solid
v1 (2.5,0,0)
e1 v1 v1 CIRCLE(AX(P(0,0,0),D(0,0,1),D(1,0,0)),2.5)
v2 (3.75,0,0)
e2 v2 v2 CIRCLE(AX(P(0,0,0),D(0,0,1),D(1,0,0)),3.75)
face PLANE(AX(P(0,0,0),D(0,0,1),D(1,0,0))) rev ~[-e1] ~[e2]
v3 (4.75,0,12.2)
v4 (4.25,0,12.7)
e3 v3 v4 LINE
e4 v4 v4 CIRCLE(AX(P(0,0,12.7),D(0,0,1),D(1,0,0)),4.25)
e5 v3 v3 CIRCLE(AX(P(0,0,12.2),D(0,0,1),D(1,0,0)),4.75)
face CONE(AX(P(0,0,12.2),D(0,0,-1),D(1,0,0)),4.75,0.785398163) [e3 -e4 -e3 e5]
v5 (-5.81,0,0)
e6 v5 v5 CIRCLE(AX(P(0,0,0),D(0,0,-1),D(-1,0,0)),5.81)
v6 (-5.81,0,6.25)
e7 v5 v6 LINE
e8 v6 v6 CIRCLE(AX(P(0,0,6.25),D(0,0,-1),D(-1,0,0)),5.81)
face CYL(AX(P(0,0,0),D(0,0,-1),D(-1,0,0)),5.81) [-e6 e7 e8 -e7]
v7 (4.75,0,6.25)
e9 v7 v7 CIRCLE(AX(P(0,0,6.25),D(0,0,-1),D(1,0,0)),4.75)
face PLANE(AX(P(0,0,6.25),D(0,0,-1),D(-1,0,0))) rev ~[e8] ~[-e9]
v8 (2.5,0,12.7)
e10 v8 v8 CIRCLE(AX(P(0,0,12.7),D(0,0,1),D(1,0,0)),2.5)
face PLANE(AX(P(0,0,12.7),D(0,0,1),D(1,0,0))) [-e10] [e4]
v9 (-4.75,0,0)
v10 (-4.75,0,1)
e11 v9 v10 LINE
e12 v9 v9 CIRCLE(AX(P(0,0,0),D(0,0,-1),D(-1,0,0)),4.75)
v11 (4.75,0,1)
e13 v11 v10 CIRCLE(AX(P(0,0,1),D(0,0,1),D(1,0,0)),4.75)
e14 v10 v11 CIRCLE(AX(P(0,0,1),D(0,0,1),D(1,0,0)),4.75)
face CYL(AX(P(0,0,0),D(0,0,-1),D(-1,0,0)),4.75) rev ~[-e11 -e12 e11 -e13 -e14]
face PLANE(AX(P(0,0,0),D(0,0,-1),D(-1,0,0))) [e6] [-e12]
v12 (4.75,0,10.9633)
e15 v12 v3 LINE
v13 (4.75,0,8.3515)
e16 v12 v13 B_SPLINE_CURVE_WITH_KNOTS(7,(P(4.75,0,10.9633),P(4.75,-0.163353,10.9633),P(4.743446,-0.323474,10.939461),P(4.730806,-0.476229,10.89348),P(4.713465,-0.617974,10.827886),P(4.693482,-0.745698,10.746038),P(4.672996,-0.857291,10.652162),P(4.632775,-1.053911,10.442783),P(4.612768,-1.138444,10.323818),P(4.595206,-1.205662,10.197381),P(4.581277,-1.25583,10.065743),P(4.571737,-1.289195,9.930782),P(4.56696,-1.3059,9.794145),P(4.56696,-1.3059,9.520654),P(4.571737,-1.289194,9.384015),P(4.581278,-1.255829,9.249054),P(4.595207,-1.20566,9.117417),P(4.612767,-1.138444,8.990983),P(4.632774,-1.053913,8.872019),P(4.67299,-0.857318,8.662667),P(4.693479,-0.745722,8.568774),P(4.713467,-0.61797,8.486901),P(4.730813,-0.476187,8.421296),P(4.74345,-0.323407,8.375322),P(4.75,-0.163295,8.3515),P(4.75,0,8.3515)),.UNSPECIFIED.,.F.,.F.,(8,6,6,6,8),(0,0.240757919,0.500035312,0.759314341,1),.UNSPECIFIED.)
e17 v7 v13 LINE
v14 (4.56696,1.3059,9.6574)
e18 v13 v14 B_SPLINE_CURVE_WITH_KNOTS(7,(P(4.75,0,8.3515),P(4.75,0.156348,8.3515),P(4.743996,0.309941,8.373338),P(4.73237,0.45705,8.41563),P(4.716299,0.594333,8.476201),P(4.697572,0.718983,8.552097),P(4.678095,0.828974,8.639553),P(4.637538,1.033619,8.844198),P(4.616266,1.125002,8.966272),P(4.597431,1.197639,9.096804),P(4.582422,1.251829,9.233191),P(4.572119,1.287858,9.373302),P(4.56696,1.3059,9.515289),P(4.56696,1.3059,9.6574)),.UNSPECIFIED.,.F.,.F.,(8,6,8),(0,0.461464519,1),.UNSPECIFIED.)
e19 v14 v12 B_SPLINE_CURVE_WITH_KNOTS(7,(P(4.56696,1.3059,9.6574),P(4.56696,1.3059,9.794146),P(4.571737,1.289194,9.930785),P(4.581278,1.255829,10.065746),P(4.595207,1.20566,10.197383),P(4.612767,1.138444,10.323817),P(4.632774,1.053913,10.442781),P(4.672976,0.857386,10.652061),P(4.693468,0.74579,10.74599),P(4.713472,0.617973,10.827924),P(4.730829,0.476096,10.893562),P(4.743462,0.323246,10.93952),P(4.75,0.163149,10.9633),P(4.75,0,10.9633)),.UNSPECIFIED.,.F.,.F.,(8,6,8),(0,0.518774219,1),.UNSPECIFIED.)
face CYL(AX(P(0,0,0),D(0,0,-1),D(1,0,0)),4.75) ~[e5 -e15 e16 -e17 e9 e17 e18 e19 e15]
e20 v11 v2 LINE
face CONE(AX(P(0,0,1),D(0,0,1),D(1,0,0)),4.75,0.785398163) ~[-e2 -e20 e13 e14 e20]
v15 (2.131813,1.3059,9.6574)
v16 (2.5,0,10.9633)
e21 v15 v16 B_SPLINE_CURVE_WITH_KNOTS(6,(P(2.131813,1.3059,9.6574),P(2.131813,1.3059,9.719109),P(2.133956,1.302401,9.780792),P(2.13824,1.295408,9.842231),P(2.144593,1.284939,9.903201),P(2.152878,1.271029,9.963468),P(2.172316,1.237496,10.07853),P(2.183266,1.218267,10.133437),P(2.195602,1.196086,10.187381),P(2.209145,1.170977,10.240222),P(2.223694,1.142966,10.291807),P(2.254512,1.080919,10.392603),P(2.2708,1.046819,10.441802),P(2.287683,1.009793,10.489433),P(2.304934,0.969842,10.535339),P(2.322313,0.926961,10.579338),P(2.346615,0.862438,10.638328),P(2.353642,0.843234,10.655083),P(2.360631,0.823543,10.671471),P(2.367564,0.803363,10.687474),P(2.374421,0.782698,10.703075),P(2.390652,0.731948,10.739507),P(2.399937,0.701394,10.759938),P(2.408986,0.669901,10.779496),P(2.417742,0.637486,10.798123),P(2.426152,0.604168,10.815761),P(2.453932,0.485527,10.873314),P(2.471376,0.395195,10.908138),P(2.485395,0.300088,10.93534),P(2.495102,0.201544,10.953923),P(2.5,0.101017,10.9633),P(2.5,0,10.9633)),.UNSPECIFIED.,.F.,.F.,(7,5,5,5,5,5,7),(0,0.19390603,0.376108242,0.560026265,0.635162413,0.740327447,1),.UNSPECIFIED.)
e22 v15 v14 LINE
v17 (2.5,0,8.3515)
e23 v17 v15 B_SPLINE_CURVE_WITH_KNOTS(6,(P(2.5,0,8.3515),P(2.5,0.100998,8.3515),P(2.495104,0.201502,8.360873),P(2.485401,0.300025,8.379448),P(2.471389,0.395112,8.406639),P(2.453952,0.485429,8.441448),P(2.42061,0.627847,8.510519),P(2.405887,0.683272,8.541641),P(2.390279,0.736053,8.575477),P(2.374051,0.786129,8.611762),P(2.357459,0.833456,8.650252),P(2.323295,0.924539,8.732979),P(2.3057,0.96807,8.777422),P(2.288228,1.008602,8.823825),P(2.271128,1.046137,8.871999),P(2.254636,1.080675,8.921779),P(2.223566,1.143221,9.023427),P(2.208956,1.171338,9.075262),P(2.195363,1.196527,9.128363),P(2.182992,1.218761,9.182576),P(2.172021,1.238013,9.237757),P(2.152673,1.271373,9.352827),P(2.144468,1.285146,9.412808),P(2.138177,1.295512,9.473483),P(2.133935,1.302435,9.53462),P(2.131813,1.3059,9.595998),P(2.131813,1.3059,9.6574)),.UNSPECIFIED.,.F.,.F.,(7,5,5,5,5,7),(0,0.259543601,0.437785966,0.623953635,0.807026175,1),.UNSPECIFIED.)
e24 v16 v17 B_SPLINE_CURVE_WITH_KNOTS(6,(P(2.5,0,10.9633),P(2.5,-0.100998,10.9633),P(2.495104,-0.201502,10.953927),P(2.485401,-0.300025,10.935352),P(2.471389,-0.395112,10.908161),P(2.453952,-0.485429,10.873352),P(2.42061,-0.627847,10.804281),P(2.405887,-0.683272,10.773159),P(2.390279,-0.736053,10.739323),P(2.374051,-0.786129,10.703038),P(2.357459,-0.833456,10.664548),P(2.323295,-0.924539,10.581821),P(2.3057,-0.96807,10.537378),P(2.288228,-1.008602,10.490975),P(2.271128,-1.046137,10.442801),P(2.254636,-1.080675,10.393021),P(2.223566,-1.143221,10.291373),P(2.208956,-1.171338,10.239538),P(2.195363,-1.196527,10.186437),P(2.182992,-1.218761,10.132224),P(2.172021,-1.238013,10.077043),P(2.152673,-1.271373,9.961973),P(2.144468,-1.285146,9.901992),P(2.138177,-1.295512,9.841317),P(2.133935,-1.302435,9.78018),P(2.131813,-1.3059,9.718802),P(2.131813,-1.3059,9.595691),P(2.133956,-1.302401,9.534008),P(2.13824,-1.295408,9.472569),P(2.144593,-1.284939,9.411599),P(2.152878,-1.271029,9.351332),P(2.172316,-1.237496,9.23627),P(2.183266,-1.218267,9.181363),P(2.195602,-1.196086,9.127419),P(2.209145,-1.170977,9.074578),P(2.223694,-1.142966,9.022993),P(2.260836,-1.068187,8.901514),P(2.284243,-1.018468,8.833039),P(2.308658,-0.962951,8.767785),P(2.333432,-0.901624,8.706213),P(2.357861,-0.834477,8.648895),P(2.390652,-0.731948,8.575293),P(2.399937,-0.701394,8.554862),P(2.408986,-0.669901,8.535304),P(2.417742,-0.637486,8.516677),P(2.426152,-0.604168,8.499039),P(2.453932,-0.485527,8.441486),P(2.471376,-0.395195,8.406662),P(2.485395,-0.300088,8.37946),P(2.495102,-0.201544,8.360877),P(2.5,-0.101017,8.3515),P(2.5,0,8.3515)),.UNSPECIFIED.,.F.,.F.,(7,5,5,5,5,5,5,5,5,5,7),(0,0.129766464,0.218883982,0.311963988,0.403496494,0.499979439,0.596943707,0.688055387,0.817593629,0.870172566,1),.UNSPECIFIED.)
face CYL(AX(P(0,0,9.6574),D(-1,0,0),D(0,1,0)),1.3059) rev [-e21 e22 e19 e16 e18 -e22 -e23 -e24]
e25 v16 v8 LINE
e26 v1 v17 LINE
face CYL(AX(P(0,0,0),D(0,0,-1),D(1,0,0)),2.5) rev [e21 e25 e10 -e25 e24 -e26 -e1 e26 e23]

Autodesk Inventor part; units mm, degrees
ref_plane "YZ Plane" through (0, 0, 0) normal (1, 0, 0) x (0, 1, 0)
ref_plane "XZ Plane" through (0, 0, 0) normal (0, 1, 0) x (-1, 0, 0)
ref_plane "XY Plane" through (0, 0, 0) normal (0, 0, 1) x (1, 0, 0)
sketch "Boceto1" plane through (0, 0, 0) normal (0, 0, 1) x (1, 0, 0)
  circle A0 centre (0, 0) radius 4.75
  circle A1 centre (0, 0) radius 2.5
  dimension "d0" = 9.5
  dimension "d1" = 5
extrude "Extrusión1" add sketch "Boceto1" along normal blind 12.7
chamfer "Chaflán1" distance 1 angle 45 1 edges at (-4.75, 0, 0)
chamfer "Chaflán2" distance 0.5 angle 45 1 edges at (-4.75, 0, 12.7)
sketch "Boceto2" plane through (0, 0, 0) normal (0, 0, -1) x (-1, 0, 0)
  circle A0 centre (0, 0) radius 4.75
  arc A1 (-0.1187, -6.799) -> (0.1187, -6.799) centre (0, 0) ccw
  circle A2 centre (0, 0) radius 5.81
  line L0 (0, 0) -> (6, 0) construction
  line L1 (0, 0) -> (6, 0) construction
  line L2 (0, 0) -> (6.8, 0) construction
  line L3 (-0.1187, -6.799) -> (-0.314, -5.9918)
  line L4 (0.314, -5.9918) -> (0.1187, -6.799)
  circle A3 centre (0, 0) radius 4.75 projected
  line L5 (0, 0) -> (6, 0) construction
  circle A4 centre (0, 0) radius 4.25 projected
  line L6 (0, 0) -> (6, 0) construction
  arc A5 (0.314, -5.9918) -> (0.4185, -5.9854) centre (0, 0) ccw
  arc A6 (-0.4185, -5.9854) -> (-0.314, -5.9918) centre (0, 0) ccw
  line L7 (0, 0) -> (6, 0) construction
  arc A7 (0.4185, -5.9854) -> (0.5229, -5.9772) centre (0, 0) ccw
  arc A8 (1.1449, -5.8898) -> (1.2475, -5.8689) centre (0, 0) ccw
  line L8 (1.1449, -5.8898) -> (1.0638, -6.7163)
  arc A9 (0.8287, -6.7493) -> (1.0638, -6.7163) centre (0, 0) ccw
  line L9 (0.8287, -6.7493) -> (0.5229, -5.9772)
  arc A10 (1.2475, -5.8689) -> (1.3497, -5.8462) centre (0, 0) ccw
  arc A11 (1.9534, -5.6731) -> (2.0521, -5.6382) centre (0, 0) ccw
  line L10 (1.9534, -5.6731) -> (1.9881, -6.5029)
  arc A12 (1.76, -6.5683) -> (1.9881, -6.5029) centre (0, 0) ccw
  line L11 (1.76, -6.5683) -> (1.3497, -5.8462)
  arc A13 (2.0521, -5.6382) -> (2.1502, -5.6015) centre (0, 0) ccw
  arc A14 (2.7239, -5.346) -> (2.8168, -5.2977) centre (0, 0) ccw
  line L12 (2.7239, -5.346) -> (2.8738, -6.1629)
  arc A15 (2.657, -6.2594) -> (2.8738, -6.1629) centre (0, 0) ccw
  line L13 (2.657, -6.2594) -> (2.1502, -5.6015)
  arc A16 (2.8168, -5.2977) -> (2.9089, -5.2477) centre (0, 0) ccw
  arc A17 (3.4415, -4.9149) -> (3.5267, -4.8541) centre (0, 0) ccw
  line L14 (3.4415, -4.9149) -> (3.7035, -5.703)
  arc A18 (3.5023, -5.8287) -> (3.7035, -5.703) centre (0, 0) ccw
  line L15 (3.5023, -5.8287) -> (2.9089, -5.2477)
  arc A19 (3.5267, -4.8541) -> (3.6109, -4.7918) centre (0, 0) ccw
  arc A20 (4.092, -4.3881) -> (4.168, -4.316) centre (0, 0) ccw
  line L16 (4.092, -4.3881) -> (4.4612, -5.132)
  arc A21 (4.2794, -5.2846) -> (4.4612, -5.132) centre (0, 0) ccw
  line L17 (4.2794, -5.2846) -> (3.6109, -4.7918)
  arc A22 (4.168, -4.316) -> (4.2426, -4.2426) centre (0, 0) ccw
  arc A23 (4.6629, -3.7759) -> (4.7281, -3.694) centre (0, 0) ccw
  line L18 (4.6629, -3.7759) -> (5.132, -4.4612)
  arc A24 (4.9732, -4.6376) -> (5.132, -4.4612) centre (0, 0) ccw
  line L19 (4.9732, -4.6376) -> (4.2426, -4.2426)
  arc A25 (4.7281, -3.694) -> (4.7918, -3.6109) centre (0, 0) ccw
  arc A26 (5.143, -3.0902) -> (5.1962, -3) centre (0, 0) ccw
  line L20 (5.143, -3.0902) -> (5.703, -3.7035)
  arc A27 (5.5702, -3.9003) -> (5.703, -3.7035) centre (0, 0) ccw
  line L21 (5.5702, -3.9003) -> (4.7918, -3.6109)
  arc A28 (5.1962, -3) -> (5.2477, -2.9089) centre (0, 0) ccw
  arc A29 (5.523, -2.3444) -> (5.5631, -2.2476) centre (0, 0) ccw
  line L22 (5.523, -2.3444) -> (6.1629, -2.8738)
  arc A30 (6.0588, -3.0871) -> (6.1629, -2.8738) centre (0, 0) ccw
  line L23 (6.0588, -3.0871) -> (5.2477, -2.9089)
  arc A31 (5.5631, -2.2476) -> (5.6015, -2.1502) centre (0, 0) ccw
  arc A32 (5.7956, -1.5529) -> (5.8218, -1.4515) centre (0, 0) ccw
  line L24 (5.7956, -1.5529) -> (6.5029, -1.9881)
  arc A33 (6.4295, -2.2139) -> (6.5029, -1.9881) centre (0, 0) ccw
  line L25 (6.4295, -2.2139) -> (5.6015, -2.1502)
  arc A34 (5.8218, -1.4515) -> (5.8462, -1.3497) centre (0, 0) ccw
  arc A35 (5.9553, -0.7312) -> (5.9671, -0.6272) centre (0, 0) ccw
  line L26 (5.9553, -0.7312) -> (6.7163, -1.0638)
  arc A36 (6.6751, -1.2975) -> (6.7163, -1.0638) centre (0, 0) ccw
  line L27 (6.6751, -1.2975) -> (5.8462, -1.3497)
  arc A37 (5.9671, -0.6272) -> (5.9772, -0.5229) centre (0, 0) ccw
  arc A38 (5.9991, 0.1047) -> (5.9963, 0.2094) centre (0, 0) ccw
  line L28 (5.9991, 0.1047) -> (6.799, -0.1187)
  arc A39 (6.7907, -0.3559) -> (6.799, -0.1187) centre (0, 0) ccw
  line L29 (6.7907, -0.3559) -> (5.9772, -0.5229)
  arc A40 (5.9963, 0.2094) -> (5.9918, 0.314) centre (0, 0) ccw
  arc A41 (5.9261, 0.9386) -> (5.9088, 1.0419) centre (0, 0) ccw
  line L30 (5.9261, 0.9386) -> (6.7493, 0.8287)
  arc A42 (6.7741, 0.5927) -> (6.7493, 0.8287) centre (0, 0) ccw
  line L31 (6.7741, 0.5927) -> (5.9918, 0.314)
  arc A43 (5.9088, 1.0419) -> (5.8898, 1.1449) centre (0, 0) ccw
  arc A44 (5.7378, 1.7542) -> (5.7063, 1.8541) centre (0, 0) ccw
  line L32 (5.7378, 1.7542) -> (6.5683, 1.76)
  arc A45 (6.6257, 1.5297) -> (6.5683, 1.76) centre (0, 0) ccw
  line L33 (6.6257, 1.5297) -> (5.8898, 1.1449)
  arc A46 (5.7063, 1.8541) -> (5.6731, 1.9534) centre (0, 0) ccw
  arc A47 (5.4378, 2.5357) -> (5.3928, 2.6302) centre (0, 0) ccw
  line L34 (5.4378, 2.5357) -> (6.2594, 2.657)
  arc A48 (6.3483, 2.4369) -> (6.2594, 2.657) centre (0, 0) ccw
  line L35 (6.3483, 2.4369) -> (5.6731, 1.9534)
  arc A49 (5.3928, 2.6302) -> (5.346, 2.7239) centre (0, 0) ccw
  arc A50 (5.032, 3.2678) -> (4.9742, 3.3552) centre (0, 0) ccw
  line L36 (5.032, 3.2678) -> (5.8287, 3.5023)
  arc A51 (5.9474, 3.2967) -> (5.8287, 3.5023) centre (0, 0) ccw
  line L37 (5.9474, 3.2967) -> (5.346, 2.7239)
  arc A52 (4.9742, 3.3552) -> (4.9149, 3.4415) centre (0, 0) ccw
  arc A53 (4.5283, 3.9364) -> (4.4589, 4.0148) centre (0, 0) ccw
  line L38 (4.5283, 3.9364) -> (5.2846, 4.2794)
  arc A54 (5.4307, 4.0923) -> (5.2846, 4.2794) centre (0, 0) ccw
  line L39 (5.4307, 4.0923) -> (4.9149, 3.4415)
  arc A55 (4.4589, 4.0148) -> (4.3881, 4.092) centre (0, 0) ccw
  arc A56 (3.9364, 4.5283) -> (3.8567, 4.5963) centre (0, 0) ccw
  line L40 (3.9364, 4.5283) -> (4.6376, 4.9732)
  arc A57 (4.8083, 4.8083) -> (4.6376, 4.9732) centre (0, 0) ccw
  line L41 (4.8083, 4.8083) -> (4.3881, 4.092)
  arc A58 (3.8567, 4.5963) -> (3.7759, 4.6629) centre (0, 0) ccw
  arc A59 (3.2678, 5.032) -> (3.1795, 5.0883) centre (0, 0) ccw
  line L42 (3.2678, 5.032) -> (3.9003, 5.5702)
  arc A60 (4.0923, 5.4307) -> (3.9003, 5.5702) centre (0, 0) ccw
  line L43 (4.0923, 5.4307) -> (3.7759, 4.6629)
  arc A61 (3.1795, 5.0883) -> (3.0902, 5.143) centre (0, 0) ccw
  arc A62 (2.5357, 5.4378) -> (2.4404, 5.4813) centre (0, 0) ccw
  line L44 (2.5357, 5.4378) -> (3.0871, 6.0588)
  arc A63 (3.2967, 5.9474) -> (3.0871, 6.0588) centre (0, 0) ccw
  line L45 (3.2967, 5.9474) -> (3.0902, 5.143)
  arc A64 (2.4404, 5.4813) -> (2.3444, 5.523) centre (0, 0) ccw
  arc A65 (1.7542, 5.7378) -> (1.6538, 5.7676) centre (0, 0) ccw
  line L46 (1.7542, 5.7378) -> (2.2139, 6.4295)
  arc A66 (2.4369, 6.3483) -> (2.2139, 6.4295) centre (0, 0) ccw
  line L47 (2.4369, 6.3483) -> (2.3444, 5.523)
  arc A67 (1.6538, 5.7676) -> (1.5529, 5.7956) centre (0, 0) ccw
  arc A68 (0.9386, 5.9261) -> (0.835, 5.9416) centre (0, 0) ccw
  line L48 (0.9386, 5.9261) -> (1.2975, 6.6751)
  arc A69 (1.5297, 6.6257) -> (1.2975, 6.6751) centre (0, 0) ccw
  line L49 (1.5297, 6.6257) -> (1.5529, 5.7956)
  arc A70 (0.835, 5.9416) -> (0.7312, 5.9553) centre (0, 0) ccw
  arc A71 (0.1047, 5.9991) -> (0, 6) centre (0, 0) ccw
  line L50 (0.1047, 5.9991) -> (0.3559, 6.7907)
  arc A72 (0.5927, 6.7741) -> (0.3559, 6.7907) centre (0, 0) ccw
  line L51 (0.5927, 6.7741) -> (0.7312, 5.9553)
  arc A73 (0, 6) -> (-0.1047, 5.9991) centre (0, 0) ccw
  arc A74 (-0.7312, 5.9553) -> (-0.835, 5.9416) centre (0, 0) ccw
  line L52 (-0.7312, 5.9553) -> (-0.5927, 6.7741)
  arc A75 (-0.3559, 6.7907) -> (-0.5927, 6.7741) centre (0, 0) ccw
  line L53 (-0.3559, 6.7907) -> (-0.1047, 5.9991)
  arc A76 (-0.835, 5.9416) -> (-0.9386, 5.9261) centre (0, 0) ccw
  arc A77 (-1.5529, 5.7956) -> (-1.6538, 5.7676) centre (0, 0) ccw
  line L54 (-1.5529, 5.7956) -> (-1.5297, 6.6257)
  arc A78 (-1.2975, 6.6751) -> (-1.5297, 6.6257) centre (0, 0) ccw
  line L55 (-1.2975, 6.6751) -> (-0.9386, 5.9261)
  arc A79 (-1.6538, 5.7676) -> (-1.7542, 5.7378) centre (0, 0) ccw
  arc A80 (-2.3444, 5.523) -> (-2.4404, 5.4813) centre (0, 0) ccw
  line L56 (-2.3444, 5.523) -> (-2.4369, 6.3483)
  arc A81 (-2.2139, 6.4295) -> (-2.4369, 6.3483) centre (0, 0) ccw
  line L57 (-2.2139, 6.4295) -> (-1.7542, 5.7378)
  arc A82 (-2.4404, 5.4813) -> (-2.5357, 5.4378) centre (0, 0) ccw
  arc A83 (-3.0902, 5.143) -> (-3.1795, 5.0883) centre (0, 0) ccw
  line L58 (-3.0902, 5.143) -> (-3.2967, 5.9474)
  arc A84 (-3.0871, 6.0588) -> (-3.2967, 5.9474) centre (0, 0) ccw
  line L59 (-3.0871, 6.0588) -> (-2.5357, 5.4378)
  arc A85 (-3.1795, 5.0883) -> (-3.2678, 5.032) centre (0, 0) ccw
  arc A86 (-3.7759, 4.6629) -> (-3.8567, 4.5963) centre (0, 0) ccw
  line L60 (-3.7759, 4.6629) -> (-4.0923, 5.4307)
  arc A87 (-3.9003, 5.5702) -> (-4.0923, 5.4307) centre (0, 0) ccw
  line L61 (-3.9003, 5.5702) -> (-3.2678, 5.032)
  arc A88 (-3.8567, 4.5963) -> (-3.9364, 4.5283) centre (0, 0) ccw
  arc A89 (-4.3881, 4.092) -> (-4.4589, 4.0148) centre (0, 0) ccw
  line L62 (-4.3881, 4.092) -> (-4.8083, 4.8083)
  arc A90 (-4.6376, 4.9732) -> (-4.8083, 4.8083) centre (0, 0) ccw
  line L63 (-4.6376, 4.9732) -> (-3.9364, 4.5283)
  arc A91 (-4.4589, 4.0148) -> (-4.5283, 3.9364) centre (0, 0) ccw
  arc A92 (-4.9149, 3.4415) -> (-4.9742, 3.3552) centre (0, 0) ccw
  line L64 (-4.9149, 3.4415) -> (-5.4307, 4.0923)
  arc A93 (-5.2846, 4.2794) -> (-5.4307, 4.0923) centre (0, 0) ccw
  line L65 (-5.2846, 4.2794) -> (-4.5283, 3.9364)
  arc A94 (-4.9742, 3.3552) -> (-5.032, 3.2678) centre (0, 0) ccw
  arc A95 (-5.346, 2.7239) -> (-5.3928, 2.6302) centre (0, 0) ccw
  line L66 (-5.346, 2.7239) -> (-5.9474, 3.2967)
  arc A96 (-5.8287, 3.5023) -> (-5.9474, 3.2967) centre (0, 0) ccw
  line L67 (-5.8287, 3.5023) -> (-5.032, 3.2678)
  arc A97 (-5.3928, 2.6302) -> (-5.4378, 2.5357) centre (0, 0) ccw
  arc A98 (-5.6731, 1.9534) -> (-5.7063, 1.8541) centre (0, 0) ccw
  line L68 (-5.6731, 1.9534) -> (-6.3483, 2.4369)
  arc A99 (-6.2594, 2.657) -> (-6.3483, 2.4369) centre (0, 0) ccw
  line L69 (-6.2594, 2.657) -> (-5.4378, 2.5357)
  arc A100 (-5.7063, 1.8541) -> (-5.7378, 1.7542) centre (0, 0) ccw
  arc A101 (-5.8898, 1.1449) -> (-5.9088, 1.0419) centre (0, 0) ccw
  line L70 (-5.8898, 1.1449) -> (-6.6257, 1.5297)
  arc A102 (-6.5683, 1.76) -> (-6.6257, 1.5297) centre (0, 0) ccw
  line L71 (-6.5683, 1.76) -> (-5.7378, 1.7542)
  arc A103 (-5.9088, 1.0419) -> (-5.9261, 0.9386) centre (0, 0) ccw
  arc A104 (-5.9918, 0.314) -> (-5.9963, 0.2094) centre (0, 0) ccw
  line L72 (-5.9918, 0.314) -> (-6.7741, 0.5927)
  arc A105 (-6.7493, 0.8287) -> (-6.7741, 0.5927) centre (0, 0) ccw
  line L73 (-6.7493, 0.8287) -> (-5.9261, 0.9386)
  arc A106 (-5.9963, 0.2094) -> (-5.9991, 0.1047) centre (0, 0) ccw
  arc A107 (-5.9772, -0.5229) -> (-5.9671, -0.6272) centre (0, 0) ccw
  line L74 (-5.9772, -0.5229) -> (-6.7907, -0.3559)
  arc A108 (-6.799, -0.1187) -> (-6.7907, -0.3559) centre (0, 0) ccw
  line L75 (-6.799, -0.1187) -> (-5.9991, 0.1047)
  arc A109 (-5.9671, -0.6272) -> (-5.9553, -0.7312) centre (0, 0) ccw
  arc A110 (-5.8462, -1.3497) -> (-5.8218, -1.4515) centre (0, 0) ccw
  line L76 (-5.8462, -1.3497) -> (-6.6751, -1.2975)
  arc A111 (-6.7163, -1.0638) -> (-6.6751, -1.2975) centre (0, 0) ccw
  line L77 (-6.7163, -1.0638) -> (-5.9553, -0.7312)
  arc A112 (-5.8218, -1.4515) -> (-5.7956, -1.5529) centre (0, 0) ccw
  arc A113 (-5.6015, -2.1502) -> (-5.5631, -2.2476) centre (0, 0) ccw
  line L78 (-5.6015, -2.1502) -> (-6.4295, -2.2139)
  arc A114 (-6.5029, -1.9881) -> (-6.4295, -2.2139) centre (0, 0) ccw
  line L79 (-6.5029, -1.9881) -> (-5.7956, -1.5529)
  arc A115 (-5.5631, -2.2476) -> (-5.523, -2.3444) centre (0, 0) ccw
  arc A116 (-5.2477, -2.9089) -> (-5.1962, -3) centre (0, 0) ccw
  line L80 (-5.2477, -2.9089) -> (-6.0588, -3.0871)
  arc A117 (-6.1629, -2.8738) -> (-6.0588, -3.0871) centre (0, 0) ccw
  line L81 (-6.1629, -2.8738) -> (-5.523, -2.3444)
  arc A118 (-5.1962, -3) -> (-5.143, -3.0902) centre (0, 0) ccw
  arc A119 (-4.7918, -3.6109) -> (-4.7281, -3.694) centre (0, 0) ccw
  line L82 (-4.7918, -3.6109) -> (-5.5702, -3.9003)
  arc A120 (-5.703, -3.7035) -> (-5.5702, -3.9003) centre (0, 0) ccw
  line L83 (-5.703, -3.7035) -> (-5.143, -3.0902)
  arc A121 (-4.7281, -3.694) -> (-4.6629, -3.7759) centre (0, 0) ccw
  arc A122 (-4.2426, -4.2426) -> (-4.168, -4.316) centre (0, 0) ccw
  line L84 (-4.2426, -4.2426) -> (-4.9732, -4.6376)
  arc A123 (-5.132, -4.4612) -> (-4.9732, -4.6376) centre (0, 0) ccw
  line L85 (-5.132, -4.4612) -> (-4.6629, -3.7759)
  arc A124 (-4.168, -4.316) -> (-4.092, -4.3881) centre (0, 0) ccw
  arc A125 (-3.6109, -4.7918) -> (-3.5267, -4.8541) centre (0, 0) ccw
  line L86 (-3.6109, -4.7918) -> (-4.2794, -5.2846)
  arc A126 (-4.4612, -5.132) -> (-4.2794, -5.2846) centre (0, 0) ccw
  line L87 (-4.4612, -5.132) -> (-4.092, -4.3881)
  arc A127 (-3.5267, -4.8541) -> (-3.4415, -4.9149) centre (0, 0) ccw
  arc A128 (-2.9089, -5.2477) -> (-2.8168, -5.2977) centre (0, 0) ccw
  line L88 (-2.9089, -5.2477) -> (-3.5023, -5.8287)
  arc A129 (-3.7035, -5.703) -> (-3.5023, -5.8287) centre (0, 0) ccw
  line L89 (-3.7035, -5.703) -> (-3.4415, -4.9149)
  arc A130 (-2.8168, -5.2977) -> (-2.7239, -5.346) centre (0, 0) ccw
  arc A131 (-2.1502, -5.6015) -> (-2.0521, -5.6382) centre (0, 0) ccw
  line L90 (-2.1502, -5.6015) -> (-2.657, -6.2594)
  arc A132 (-2.8738, -6.1629) -> (-2.657, -6.2594) centre (0, 0) ccw
  line L91 (-2.8738, -6.1629) -> (-2.7239, -5.346)
  arc A133 (-2.0521, -5.6382) -> (-1.9534, -5.6731) centre (0, 0) ccw
  arc A134 (-1.3497, -5.8462) -> (-1.2475, -5.8689) centre (0, 0) ccw
  line L92 (-1.3497, -5.8462) -> (-1.76, -6.5683)
  arc A135 (-1.9881, -6.5029) -> (-1.76, -6.5683) centre (0, 0) ccw
  line L93 (-1.9881, -6.5029) -> (-1.9534, -5.6731)
  arc A136 (-1.2475, -5.8689) -> (-1.1449, -5.8898) centre (0, 0) ccw
  arc A137 (-0.5229, -5.9772) -> (-0.4185, -5.9854) centre (0, 0) ccw
  line L94 (-0.5229, -5.9772) -> (-0.8287, -6.7493)
  arc A138 (-1.0638, -6.7163) -> (-0.8287, -6.7493) centre (0, 0) ccw
  line L95 (-1.0638, -6.7163) -> (-1.1449, -5.8898)
  dimension "d11" = 11.62
  dimension "d29" = 360
extrude "Extrusión2" add sketch "Boceto2" against normal blind 6.25 contours A2
sketch "Boceto3" plane through (0, 0, 0) normal (1, 0, 0) x (0, 1, 0)
  circle A0 centre (0, 9.6574) radius 1.3059
  point P0 (0, 0)
extrude "Extrusión3" cut sketch "Boceto3" along normal blind 10
thread "Rosca1" size "M2x0.4" class "6H" standard "ANSI Metric M Profile" full length
properties part number "engranePeq" material "Plástico ABS"
